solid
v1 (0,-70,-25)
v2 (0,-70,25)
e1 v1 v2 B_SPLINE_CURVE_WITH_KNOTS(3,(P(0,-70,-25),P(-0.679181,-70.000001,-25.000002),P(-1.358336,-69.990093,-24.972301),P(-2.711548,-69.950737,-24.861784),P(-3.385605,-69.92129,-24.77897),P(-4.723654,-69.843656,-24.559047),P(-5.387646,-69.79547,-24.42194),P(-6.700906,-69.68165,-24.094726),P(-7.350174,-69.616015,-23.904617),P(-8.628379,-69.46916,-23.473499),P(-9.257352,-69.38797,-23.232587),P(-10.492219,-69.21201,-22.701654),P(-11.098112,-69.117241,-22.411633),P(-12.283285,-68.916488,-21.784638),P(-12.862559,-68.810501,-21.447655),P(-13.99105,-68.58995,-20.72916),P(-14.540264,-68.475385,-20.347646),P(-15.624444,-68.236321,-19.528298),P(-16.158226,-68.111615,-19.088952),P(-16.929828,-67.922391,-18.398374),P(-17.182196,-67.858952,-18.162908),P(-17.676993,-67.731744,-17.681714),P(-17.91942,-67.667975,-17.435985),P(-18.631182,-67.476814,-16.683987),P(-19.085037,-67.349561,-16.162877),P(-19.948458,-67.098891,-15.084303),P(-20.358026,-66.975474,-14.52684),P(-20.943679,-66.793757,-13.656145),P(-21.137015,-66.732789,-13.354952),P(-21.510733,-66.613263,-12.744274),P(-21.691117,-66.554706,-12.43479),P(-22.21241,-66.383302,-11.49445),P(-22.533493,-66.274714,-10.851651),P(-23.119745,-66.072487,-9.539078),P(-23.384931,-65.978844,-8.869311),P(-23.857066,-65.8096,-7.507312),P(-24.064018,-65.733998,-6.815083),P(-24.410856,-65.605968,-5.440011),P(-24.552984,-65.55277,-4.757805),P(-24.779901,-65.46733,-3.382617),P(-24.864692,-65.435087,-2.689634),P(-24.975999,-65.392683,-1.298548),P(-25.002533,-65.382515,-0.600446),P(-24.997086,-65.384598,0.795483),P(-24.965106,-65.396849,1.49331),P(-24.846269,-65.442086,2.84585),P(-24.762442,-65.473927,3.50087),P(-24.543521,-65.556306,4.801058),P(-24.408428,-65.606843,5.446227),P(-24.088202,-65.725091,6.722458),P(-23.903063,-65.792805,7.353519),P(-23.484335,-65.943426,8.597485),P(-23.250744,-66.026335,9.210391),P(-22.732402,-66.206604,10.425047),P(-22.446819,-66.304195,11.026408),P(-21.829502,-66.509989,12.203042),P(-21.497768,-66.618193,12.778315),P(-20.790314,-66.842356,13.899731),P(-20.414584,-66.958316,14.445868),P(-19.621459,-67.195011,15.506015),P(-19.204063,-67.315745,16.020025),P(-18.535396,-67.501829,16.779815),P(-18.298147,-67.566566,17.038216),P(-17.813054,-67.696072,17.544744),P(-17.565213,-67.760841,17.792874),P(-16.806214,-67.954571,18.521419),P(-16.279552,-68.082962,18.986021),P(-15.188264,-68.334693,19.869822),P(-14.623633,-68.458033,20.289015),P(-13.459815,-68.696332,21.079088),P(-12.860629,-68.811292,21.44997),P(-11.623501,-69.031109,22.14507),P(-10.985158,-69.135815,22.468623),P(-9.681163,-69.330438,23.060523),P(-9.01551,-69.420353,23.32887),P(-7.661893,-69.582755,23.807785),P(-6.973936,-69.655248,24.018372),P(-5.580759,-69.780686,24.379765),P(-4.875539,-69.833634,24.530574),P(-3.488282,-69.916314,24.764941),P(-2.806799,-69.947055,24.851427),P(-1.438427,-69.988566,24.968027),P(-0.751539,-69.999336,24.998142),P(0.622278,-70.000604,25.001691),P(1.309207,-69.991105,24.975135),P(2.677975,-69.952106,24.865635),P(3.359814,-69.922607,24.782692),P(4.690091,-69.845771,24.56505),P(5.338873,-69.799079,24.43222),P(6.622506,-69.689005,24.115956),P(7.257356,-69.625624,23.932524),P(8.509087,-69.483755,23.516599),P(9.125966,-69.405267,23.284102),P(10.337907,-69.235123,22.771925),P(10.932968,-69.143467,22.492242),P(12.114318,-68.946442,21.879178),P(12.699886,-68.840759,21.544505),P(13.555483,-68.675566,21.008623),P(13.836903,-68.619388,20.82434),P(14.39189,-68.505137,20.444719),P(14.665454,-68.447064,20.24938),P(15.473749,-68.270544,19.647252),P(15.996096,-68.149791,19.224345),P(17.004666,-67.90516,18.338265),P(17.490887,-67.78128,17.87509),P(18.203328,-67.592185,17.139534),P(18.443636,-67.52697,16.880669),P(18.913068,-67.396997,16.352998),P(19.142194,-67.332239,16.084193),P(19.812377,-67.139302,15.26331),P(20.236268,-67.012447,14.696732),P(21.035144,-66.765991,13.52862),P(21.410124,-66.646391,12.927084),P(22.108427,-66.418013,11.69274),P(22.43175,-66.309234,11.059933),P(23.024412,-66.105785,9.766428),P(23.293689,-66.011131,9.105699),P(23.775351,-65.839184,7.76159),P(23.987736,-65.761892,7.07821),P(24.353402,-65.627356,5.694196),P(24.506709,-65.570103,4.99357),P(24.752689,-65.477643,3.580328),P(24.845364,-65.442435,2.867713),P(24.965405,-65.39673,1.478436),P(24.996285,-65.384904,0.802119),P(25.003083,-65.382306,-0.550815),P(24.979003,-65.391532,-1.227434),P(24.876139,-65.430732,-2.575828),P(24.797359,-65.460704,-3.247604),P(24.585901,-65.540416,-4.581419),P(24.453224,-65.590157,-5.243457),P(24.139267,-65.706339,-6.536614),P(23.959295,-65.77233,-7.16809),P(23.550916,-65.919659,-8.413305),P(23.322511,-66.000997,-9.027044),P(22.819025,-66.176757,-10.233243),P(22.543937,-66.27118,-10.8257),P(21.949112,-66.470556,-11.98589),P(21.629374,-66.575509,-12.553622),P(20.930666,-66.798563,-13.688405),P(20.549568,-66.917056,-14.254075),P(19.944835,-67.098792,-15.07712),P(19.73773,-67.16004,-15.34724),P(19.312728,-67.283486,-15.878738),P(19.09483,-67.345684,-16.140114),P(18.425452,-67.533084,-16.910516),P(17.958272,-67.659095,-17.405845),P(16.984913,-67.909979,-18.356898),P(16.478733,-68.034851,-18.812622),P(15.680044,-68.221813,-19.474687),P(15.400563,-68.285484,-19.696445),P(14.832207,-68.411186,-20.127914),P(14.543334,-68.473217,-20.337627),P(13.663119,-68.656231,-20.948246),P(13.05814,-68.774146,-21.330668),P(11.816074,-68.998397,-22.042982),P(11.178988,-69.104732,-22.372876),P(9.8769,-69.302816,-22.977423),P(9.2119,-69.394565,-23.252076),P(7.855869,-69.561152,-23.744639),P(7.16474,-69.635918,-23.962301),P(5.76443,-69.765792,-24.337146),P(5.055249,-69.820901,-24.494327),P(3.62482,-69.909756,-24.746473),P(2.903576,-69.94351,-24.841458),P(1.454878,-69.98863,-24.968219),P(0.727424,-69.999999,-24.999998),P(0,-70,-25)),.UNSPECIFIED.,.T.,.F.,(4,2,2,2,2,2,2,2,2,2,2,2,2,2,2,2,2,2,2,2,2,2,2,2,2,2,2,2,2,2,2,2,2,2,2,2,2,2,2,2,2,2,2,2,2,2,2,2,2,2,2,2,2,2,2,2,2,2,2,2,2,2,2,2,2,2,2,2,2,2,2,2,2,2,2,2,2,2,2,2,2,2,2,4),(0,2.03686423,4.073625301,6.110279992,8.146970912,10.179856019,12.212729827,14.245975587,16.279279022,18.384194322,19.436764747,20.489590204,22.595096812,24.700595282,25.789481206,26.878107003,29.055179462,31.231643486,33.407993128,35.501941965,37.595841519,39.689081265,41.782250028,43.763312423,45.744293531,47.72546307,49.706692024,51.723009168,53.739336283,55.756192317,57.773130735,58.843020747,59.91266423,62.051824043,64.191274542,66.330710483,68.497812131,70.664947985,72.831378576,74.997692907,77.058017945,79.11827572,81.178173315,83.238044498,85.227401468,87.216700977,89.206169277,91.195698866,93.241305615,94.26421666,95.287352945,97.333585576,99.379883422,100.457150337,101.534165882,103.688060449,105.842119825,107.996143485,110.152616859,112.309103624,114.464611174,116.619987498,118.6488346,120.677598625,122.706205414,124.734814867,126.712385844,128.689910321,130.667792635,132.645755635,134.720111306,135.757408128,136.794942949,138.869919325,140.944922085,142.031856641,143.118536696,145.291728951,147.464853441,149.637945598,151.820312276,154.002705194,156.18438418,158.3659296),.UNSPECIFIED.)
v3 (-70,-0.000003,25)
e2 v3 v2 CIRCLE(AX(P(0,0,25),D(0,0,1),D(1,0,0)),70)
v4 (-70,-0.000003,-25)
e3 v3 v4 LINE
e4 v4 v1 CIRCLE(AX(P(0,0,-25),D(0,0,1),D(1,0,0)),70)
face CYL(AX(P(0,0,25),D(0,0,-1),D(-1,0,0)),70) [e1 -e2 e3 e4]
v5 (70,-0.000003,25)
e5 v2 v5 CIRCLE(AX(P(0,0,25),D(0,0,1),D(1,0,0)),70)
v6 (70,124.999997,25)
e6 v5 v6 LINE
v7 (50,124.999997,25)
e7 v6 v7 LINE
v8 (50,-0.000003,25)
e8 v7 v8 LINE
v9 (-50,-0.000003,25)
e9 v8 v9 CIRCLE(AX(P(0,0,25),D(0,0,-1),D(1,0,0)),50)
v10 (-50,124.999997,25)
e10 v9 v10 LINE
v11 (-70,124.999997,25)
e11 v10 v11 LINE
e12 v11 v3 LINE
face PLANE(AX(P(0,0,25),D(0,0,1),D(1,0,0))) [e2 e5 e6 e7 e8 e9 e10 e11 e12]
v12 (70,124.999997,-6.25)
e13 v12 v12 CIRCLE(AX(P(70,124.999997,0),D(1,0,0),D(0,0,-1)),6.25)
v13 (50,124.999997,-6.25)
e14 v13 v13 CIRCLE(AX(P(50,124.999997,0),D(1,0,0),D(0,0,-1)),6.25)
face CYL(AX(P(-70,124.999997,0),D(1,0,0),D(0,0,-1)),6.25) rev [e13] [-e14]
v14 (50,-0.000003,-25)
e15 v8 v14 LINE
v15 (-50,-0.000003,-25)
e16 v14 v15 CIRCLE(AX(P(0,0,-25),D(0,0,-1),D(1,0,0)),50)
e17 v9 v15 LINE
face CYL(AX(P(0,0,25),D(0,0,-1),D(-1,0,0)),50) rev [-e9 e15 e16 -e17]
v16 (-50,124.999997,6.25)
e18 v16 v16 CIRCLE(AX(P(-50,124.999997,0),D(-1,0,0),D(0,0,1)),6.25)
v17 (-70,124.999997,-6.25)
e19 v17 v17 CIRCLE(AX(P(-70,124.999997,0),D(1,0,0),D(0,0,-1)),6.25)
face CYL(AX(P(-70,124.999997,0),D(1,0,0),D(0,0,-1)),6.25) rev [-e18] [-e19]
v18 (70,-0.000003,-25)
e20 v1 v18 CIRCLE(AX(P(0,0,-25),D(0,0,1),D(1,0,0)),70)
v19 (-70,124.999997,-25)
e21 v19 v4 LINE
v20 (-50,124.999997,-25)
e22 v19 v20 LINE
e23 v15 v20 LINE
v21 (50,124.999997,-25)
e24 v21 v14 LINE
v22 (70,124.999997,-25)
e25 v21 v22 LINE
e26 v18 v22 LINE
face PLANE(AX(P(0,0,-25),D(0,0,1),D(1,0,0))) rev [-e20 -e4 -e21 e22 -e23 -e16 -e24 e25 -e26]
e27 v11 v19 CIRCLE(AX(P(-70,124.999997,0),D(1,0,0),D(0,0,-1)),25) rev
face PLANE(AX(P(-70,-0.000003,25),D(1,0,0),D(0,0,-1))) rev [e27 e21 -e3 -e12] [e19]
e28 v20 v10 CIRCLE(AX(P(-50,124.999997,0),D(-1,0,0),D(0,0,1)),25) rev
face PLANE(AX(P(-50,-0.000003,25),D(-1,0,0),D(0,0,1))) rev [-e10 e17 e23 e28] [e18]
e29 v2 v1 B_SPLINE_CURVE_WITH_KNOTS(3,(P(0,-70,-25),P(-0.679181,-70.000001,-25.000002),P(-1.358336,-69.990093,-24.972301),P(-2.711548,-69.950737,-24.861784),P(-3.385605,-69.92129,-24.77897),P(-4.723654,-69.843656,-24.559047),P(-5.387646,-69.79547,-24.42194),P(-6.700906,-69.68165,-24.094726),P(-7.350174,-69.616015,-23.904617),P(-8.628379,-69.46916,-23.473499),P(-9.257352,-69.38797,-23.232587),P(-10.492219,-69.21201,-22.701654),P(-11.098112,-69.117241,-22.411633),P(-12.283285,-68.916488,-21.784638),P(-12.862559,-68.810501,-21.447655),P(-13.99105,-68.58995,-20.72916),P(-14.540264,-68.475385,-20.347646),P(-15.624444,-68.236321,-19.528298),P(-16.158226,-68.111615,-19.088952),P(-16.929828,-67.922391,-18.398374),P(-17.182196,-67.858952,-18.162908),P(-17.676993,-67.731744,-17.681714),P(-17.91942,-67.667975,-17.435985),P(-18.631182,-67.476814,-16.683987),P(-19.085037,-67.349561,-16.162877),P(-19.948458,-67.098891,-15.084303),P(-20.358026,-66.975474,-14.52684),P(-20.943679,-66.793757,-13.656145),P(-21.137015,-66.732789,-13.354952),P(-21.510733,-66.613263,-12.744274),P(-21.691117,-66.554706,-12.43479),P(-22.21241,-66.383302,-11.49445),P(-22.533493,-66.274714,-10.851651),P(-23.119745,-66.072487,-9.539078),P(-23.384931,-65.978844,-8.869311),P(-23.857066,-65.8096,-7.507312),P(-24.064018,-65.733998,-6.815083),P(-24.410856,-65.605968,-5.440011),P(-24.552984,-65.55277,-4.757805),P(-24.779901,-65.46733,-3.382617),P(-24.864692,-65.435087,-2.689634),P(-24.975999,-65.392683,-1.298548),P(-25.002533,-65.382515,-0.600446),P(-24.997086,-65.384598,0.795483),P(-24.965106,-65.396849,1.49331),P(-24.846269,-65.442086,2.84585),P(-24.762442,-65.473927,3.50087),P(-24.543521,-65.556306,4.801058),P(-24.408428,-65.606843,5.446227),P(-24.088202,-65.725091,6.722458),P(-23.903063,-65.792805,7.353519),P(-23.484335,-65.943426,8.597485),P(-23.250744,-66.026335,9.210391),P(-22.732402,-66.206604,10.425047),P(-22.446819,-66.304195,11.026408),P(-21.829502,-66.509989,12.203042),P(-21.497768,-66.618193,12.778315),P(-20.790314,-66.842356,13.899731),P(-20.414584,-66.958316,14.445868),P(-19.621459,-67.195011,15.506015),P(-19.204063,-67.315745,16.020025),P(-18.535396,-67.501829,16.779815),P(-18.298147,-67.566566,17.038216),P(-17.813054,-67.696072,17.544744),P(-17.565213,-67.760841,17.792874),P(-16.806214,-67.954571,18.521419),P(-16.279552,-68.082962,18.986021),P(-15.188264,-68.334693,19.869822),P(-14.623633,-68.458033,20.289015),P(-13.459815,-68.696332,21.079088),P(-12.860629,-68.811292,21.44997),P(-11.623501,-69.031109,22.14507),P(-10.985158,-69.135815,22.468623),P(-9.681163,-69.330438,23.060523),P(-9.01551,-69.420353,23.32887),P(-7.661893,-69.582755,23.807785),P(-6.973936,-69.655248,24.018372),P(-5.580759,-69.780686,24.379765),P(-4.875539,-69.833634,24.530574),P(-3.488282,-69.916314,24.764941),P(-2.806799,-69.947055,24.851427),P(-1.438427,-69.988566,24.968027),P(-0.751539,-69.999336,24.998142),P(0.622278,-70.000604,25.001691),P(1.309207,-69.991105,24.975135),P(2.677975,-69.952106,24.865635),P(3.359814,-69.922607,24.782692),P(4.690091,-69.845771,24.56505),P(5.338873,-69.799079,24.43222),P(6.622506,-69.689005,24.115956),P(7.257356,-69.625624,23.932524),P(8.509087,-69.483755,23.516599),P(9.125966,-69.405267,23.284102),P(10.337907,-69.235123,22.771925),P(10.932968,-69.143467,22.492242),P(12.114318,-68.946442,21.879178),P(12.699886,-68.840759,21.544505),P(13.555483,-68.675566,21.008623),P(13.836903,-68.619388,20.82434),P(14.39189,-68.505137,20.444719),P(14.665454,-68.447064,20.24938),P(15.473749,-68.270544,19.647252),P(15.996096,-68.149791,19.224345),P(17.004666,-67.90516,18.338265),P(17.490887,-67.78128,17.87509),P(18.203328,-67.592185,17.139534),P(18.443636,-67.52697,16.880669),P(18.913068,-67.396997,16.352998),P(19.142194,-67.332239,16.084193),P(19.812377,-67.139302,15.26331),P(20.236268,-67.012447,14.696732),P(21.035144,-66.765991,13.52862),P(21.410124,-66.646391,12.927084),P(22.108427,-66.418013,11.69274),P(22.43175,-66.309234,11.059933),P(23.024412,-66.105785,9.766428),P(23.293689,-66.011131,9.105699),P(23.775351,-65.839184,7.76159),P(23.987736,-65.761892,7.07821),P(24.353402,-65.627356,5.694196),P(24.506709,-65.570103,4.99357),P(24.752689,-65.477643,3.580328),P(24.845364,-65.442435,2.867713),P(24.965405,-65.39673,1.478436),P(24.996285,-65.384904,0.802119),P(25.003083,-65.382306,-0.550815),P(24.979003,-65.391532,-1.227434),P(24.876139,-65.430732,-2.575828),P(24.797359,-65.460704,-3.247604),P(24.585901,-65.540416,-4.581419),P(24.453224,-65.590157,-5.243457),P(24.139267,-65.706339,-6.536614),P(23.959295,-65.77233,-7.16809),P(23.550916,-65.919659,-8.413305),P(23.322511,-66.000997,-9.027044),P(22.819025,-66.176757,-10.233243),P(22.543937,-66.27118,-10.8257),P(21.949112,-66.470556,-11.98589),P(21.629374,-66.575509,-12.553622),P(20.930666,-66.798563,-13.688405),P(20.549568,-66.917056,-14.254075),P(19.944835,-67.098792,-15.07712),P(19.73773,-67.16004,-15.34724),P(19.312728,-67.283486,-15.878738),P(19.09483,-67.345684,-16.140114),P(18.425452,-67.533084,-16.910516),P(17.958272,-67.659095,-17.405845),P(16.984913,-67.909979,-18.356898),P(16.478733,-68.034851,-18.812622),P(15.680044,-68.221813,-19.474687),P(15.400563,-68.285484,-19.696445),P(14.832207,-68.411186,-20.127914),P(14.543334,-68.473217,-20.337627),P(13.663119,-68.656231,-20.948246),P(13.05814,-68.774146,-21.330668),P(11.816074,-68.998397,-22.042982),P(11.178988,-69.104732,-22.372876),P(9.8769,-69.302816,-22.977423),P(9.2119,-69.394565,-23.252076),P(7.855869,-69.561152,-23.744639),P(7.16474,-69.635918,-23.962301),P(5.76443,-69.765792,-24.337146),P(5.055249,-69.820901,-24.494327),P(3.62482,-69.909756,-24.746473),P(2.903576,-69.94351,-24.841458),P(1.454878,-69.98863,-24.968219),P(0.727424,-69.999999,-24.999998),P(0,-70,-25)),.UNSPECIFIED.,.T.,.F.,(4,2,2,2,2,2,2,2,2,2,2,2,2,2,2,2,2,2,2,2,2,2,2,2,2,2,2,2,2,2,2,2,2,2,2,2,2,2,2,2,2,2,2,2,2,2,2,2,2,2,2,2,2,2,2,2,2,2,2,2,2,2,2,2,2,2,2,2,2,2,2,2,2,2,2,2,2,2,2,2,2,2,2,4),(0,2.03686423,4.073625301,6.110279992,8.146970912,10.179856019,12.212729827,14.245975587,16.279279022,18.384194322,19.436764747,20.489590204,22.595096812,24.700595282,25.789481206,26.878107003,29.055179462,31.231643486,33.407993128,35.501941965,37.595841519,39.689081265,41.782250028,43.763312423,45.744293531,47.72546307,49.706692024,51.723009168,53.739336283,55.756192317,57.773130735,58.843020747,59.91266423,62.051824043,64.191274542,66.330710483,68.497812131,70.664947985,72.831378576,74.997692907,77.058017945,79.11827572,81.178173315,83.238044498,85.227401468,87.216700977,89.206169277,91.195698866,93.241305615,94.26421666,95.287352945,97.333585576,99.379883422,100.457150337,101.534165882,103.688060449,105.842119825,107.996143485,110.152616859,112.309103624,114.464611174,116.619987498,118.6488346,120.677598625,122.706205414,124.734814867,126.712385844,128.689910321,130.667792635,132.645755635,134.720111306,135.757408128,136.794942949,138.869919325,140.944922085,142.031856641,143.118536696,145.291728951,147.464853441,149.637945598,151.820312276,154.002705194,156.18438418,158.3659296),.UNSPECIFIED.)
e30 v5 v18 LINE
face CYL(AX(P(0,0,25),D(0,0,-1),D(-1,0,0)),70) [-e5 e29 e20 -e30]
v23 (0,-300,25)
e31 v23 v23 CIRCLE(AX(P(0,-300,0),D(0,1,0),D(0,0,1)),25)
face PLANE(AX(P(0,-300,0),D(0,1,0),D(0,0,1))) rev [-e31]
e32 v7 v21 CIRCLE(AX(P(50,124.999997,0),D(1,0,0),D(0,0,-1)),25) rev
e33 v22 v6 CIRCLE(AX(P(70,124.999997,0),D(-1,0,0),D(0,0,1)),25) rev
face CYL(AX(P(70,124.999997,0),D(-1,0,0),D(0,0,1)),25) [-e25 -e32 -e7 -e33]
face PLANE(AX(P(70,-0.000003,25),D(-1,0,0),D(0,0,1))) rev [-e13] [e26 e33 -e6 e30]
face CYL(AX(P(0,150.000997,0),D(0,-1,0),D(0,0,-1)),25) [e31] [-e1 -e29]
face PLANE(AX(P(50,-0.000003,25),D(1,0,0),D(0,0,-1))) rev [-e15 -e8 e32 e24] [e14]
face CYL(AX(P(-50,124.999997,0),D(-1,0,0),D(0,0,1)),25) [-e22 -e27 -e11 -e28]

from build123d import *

# Parameters (mm, degrees)
BOSS_EXTRU_1_DEPTH      = 25
CONG_2_RADIUS           = 25
CONG_2_LENGTH           = 20
CONG_3_RADIUS           = 25
CONG_3_LENGTH           = 20
BOSS_EXTRU_3_REACH      = 458.098
BOSS_EXTRU_3_END_RADIUS = 70
ESQUISSE6_R             = 25
ESQUISSE7_R             = 6.25
ENL_V_MAT_EXTRU_1_DEPTH = 333.001506161


with BuildPart() as part:
    # Esquisse4 → Boss.-Extru.1 (new, symmetric)
    with BuildSketch(Plane.XY):
        with BuildLine():
            Line((-70, -2.817e-06), (-70, 149.999997183))
            Line((-70, 149.999997183), (-50, 149.999997183))
            Line((-50, 149.999997183), (-50, -2.817e-06))
            ThreePointArc((-50, -2.817e-06), (0, -50), (50, -2.817e-06))
            Line((50, -2.817e-06), (50, 149.999997183))
            Line((50, 149.999997183), (70, 149.999997183))
            Line((70, 149.999997183), (70, -2.817e-06))
            ThreePointArc((70, -2.817e-06), (0, -70), (-70, -2.817e-06))
        make_face()
    extrude(amount=BOSS_EXTRU_1_DEPTH, both=True)

    # Congé2: full round fillet: the end face becomes a half cylinder, R = half its width
    cong_2_face = Plane((-60, 149.999997183, 0), x_dir=(-1, 0, 0), z_dir=(0, 1, 0))  # on the end face: x along it, z out of the body
    cong_2_slab = cong_2_face.offset(-CONG_2_RADIUS / 2) * Box(CONG_2_LENGTH, 2 * CONG_2_RADIUS, CONG_2_RADIUS, mode=Mode.PRIVATE)  # the body's end, R deep
    cong_2_round = Plane((-60, 124.999997183, 0), x_dir=(0, 1, 0), z_dir=(-1, 0, 0)) * Cylinder(CONG_2_RADIUS, CONG_2_LENGTH, mode=Mode.PRIVATE)  # its axis R under the face
    add(cong_2_slab - cong_2_round, mode=Mode.SUBTRACT)

    # Congé3: full round fillet: the end face becomes a half cylinder, R = half its width
    cong_3_face = Plane((60, 149.999997183, 0), x_dir=(1, 0, 0), z_dir=(0, 1, 0))  # on the end face: x along it, z out of the body
    cong_3_slab = cong_3_face.offset(-CONG_3_RADIUS / 2) * Box(CONG_3_LENGTH, 2 * CONG_3_RADIUS, CONG_3_RADIUS, mode=Mode.PRIVATE)  # the body's end, R deep
    cong_3_round = Plane((60, 124.999997183, 0), x_dir=(0, 1, 0), z_dir=(1, 0, 0)) * Cylinder(CONG_3_RADIUS, CONG_3_LENGTH, mode=Mode.PRIVATE)  # its axis R under the face
    add(cong_3_slab - cong_3_round, mode=Mode.SUBTRACT)

    # Boss.-Extru.3: up to this cylinder (the profile starts outside it)
    boss_extru_3_end = Plane(origin=(0, 0, 0), z_dir=(0, 0, -1)) * Cylinder(BOSS_EXTRU_3_END_RADIUS, 1057.196, mode=Mode.PRIVATE)
    # Esquisse6 → Boss.-Extru.3 (add, up to the surface)
    with BuildSketch(Plane(origin=(0, -300, 0), x_dir=(1, 0, 0), z_dir=(0, 1, 0)), mode=Mode.PRIVATE) as boss_extru_3_sk1:
        with Locations(Location((0, 0, 0), (0, 0, 270))):
            Circle(ESQUISSE6_R)
    boss_extru_3_tool1 = extrude(boss_extru_3_sk1.sketch, amount=BOSS_EXTRU_3_REACH, mode=Mode.PRIVATE) - boss_extru_3_end
    add(boss_extru_3_tool1.solids().sort_by_distance((0, -300, 0))[0])

    # Esquisse7 → Enlèv. mat.-Extru.1 (cut, through all)
    with BuildSketch(Plane(origin=(70, 0, 0), x_dir=(0, 0, -1), z_dir=(1, 0, 0))):
        with Locations((0, 124.999997183)):
            Circle(ESQUISSE7_R)
    extrude(amount=-ENL_V_MAT_EXTRU_1_DEPTH, mode=Mode.SUBTRACT)


solid = part.part
